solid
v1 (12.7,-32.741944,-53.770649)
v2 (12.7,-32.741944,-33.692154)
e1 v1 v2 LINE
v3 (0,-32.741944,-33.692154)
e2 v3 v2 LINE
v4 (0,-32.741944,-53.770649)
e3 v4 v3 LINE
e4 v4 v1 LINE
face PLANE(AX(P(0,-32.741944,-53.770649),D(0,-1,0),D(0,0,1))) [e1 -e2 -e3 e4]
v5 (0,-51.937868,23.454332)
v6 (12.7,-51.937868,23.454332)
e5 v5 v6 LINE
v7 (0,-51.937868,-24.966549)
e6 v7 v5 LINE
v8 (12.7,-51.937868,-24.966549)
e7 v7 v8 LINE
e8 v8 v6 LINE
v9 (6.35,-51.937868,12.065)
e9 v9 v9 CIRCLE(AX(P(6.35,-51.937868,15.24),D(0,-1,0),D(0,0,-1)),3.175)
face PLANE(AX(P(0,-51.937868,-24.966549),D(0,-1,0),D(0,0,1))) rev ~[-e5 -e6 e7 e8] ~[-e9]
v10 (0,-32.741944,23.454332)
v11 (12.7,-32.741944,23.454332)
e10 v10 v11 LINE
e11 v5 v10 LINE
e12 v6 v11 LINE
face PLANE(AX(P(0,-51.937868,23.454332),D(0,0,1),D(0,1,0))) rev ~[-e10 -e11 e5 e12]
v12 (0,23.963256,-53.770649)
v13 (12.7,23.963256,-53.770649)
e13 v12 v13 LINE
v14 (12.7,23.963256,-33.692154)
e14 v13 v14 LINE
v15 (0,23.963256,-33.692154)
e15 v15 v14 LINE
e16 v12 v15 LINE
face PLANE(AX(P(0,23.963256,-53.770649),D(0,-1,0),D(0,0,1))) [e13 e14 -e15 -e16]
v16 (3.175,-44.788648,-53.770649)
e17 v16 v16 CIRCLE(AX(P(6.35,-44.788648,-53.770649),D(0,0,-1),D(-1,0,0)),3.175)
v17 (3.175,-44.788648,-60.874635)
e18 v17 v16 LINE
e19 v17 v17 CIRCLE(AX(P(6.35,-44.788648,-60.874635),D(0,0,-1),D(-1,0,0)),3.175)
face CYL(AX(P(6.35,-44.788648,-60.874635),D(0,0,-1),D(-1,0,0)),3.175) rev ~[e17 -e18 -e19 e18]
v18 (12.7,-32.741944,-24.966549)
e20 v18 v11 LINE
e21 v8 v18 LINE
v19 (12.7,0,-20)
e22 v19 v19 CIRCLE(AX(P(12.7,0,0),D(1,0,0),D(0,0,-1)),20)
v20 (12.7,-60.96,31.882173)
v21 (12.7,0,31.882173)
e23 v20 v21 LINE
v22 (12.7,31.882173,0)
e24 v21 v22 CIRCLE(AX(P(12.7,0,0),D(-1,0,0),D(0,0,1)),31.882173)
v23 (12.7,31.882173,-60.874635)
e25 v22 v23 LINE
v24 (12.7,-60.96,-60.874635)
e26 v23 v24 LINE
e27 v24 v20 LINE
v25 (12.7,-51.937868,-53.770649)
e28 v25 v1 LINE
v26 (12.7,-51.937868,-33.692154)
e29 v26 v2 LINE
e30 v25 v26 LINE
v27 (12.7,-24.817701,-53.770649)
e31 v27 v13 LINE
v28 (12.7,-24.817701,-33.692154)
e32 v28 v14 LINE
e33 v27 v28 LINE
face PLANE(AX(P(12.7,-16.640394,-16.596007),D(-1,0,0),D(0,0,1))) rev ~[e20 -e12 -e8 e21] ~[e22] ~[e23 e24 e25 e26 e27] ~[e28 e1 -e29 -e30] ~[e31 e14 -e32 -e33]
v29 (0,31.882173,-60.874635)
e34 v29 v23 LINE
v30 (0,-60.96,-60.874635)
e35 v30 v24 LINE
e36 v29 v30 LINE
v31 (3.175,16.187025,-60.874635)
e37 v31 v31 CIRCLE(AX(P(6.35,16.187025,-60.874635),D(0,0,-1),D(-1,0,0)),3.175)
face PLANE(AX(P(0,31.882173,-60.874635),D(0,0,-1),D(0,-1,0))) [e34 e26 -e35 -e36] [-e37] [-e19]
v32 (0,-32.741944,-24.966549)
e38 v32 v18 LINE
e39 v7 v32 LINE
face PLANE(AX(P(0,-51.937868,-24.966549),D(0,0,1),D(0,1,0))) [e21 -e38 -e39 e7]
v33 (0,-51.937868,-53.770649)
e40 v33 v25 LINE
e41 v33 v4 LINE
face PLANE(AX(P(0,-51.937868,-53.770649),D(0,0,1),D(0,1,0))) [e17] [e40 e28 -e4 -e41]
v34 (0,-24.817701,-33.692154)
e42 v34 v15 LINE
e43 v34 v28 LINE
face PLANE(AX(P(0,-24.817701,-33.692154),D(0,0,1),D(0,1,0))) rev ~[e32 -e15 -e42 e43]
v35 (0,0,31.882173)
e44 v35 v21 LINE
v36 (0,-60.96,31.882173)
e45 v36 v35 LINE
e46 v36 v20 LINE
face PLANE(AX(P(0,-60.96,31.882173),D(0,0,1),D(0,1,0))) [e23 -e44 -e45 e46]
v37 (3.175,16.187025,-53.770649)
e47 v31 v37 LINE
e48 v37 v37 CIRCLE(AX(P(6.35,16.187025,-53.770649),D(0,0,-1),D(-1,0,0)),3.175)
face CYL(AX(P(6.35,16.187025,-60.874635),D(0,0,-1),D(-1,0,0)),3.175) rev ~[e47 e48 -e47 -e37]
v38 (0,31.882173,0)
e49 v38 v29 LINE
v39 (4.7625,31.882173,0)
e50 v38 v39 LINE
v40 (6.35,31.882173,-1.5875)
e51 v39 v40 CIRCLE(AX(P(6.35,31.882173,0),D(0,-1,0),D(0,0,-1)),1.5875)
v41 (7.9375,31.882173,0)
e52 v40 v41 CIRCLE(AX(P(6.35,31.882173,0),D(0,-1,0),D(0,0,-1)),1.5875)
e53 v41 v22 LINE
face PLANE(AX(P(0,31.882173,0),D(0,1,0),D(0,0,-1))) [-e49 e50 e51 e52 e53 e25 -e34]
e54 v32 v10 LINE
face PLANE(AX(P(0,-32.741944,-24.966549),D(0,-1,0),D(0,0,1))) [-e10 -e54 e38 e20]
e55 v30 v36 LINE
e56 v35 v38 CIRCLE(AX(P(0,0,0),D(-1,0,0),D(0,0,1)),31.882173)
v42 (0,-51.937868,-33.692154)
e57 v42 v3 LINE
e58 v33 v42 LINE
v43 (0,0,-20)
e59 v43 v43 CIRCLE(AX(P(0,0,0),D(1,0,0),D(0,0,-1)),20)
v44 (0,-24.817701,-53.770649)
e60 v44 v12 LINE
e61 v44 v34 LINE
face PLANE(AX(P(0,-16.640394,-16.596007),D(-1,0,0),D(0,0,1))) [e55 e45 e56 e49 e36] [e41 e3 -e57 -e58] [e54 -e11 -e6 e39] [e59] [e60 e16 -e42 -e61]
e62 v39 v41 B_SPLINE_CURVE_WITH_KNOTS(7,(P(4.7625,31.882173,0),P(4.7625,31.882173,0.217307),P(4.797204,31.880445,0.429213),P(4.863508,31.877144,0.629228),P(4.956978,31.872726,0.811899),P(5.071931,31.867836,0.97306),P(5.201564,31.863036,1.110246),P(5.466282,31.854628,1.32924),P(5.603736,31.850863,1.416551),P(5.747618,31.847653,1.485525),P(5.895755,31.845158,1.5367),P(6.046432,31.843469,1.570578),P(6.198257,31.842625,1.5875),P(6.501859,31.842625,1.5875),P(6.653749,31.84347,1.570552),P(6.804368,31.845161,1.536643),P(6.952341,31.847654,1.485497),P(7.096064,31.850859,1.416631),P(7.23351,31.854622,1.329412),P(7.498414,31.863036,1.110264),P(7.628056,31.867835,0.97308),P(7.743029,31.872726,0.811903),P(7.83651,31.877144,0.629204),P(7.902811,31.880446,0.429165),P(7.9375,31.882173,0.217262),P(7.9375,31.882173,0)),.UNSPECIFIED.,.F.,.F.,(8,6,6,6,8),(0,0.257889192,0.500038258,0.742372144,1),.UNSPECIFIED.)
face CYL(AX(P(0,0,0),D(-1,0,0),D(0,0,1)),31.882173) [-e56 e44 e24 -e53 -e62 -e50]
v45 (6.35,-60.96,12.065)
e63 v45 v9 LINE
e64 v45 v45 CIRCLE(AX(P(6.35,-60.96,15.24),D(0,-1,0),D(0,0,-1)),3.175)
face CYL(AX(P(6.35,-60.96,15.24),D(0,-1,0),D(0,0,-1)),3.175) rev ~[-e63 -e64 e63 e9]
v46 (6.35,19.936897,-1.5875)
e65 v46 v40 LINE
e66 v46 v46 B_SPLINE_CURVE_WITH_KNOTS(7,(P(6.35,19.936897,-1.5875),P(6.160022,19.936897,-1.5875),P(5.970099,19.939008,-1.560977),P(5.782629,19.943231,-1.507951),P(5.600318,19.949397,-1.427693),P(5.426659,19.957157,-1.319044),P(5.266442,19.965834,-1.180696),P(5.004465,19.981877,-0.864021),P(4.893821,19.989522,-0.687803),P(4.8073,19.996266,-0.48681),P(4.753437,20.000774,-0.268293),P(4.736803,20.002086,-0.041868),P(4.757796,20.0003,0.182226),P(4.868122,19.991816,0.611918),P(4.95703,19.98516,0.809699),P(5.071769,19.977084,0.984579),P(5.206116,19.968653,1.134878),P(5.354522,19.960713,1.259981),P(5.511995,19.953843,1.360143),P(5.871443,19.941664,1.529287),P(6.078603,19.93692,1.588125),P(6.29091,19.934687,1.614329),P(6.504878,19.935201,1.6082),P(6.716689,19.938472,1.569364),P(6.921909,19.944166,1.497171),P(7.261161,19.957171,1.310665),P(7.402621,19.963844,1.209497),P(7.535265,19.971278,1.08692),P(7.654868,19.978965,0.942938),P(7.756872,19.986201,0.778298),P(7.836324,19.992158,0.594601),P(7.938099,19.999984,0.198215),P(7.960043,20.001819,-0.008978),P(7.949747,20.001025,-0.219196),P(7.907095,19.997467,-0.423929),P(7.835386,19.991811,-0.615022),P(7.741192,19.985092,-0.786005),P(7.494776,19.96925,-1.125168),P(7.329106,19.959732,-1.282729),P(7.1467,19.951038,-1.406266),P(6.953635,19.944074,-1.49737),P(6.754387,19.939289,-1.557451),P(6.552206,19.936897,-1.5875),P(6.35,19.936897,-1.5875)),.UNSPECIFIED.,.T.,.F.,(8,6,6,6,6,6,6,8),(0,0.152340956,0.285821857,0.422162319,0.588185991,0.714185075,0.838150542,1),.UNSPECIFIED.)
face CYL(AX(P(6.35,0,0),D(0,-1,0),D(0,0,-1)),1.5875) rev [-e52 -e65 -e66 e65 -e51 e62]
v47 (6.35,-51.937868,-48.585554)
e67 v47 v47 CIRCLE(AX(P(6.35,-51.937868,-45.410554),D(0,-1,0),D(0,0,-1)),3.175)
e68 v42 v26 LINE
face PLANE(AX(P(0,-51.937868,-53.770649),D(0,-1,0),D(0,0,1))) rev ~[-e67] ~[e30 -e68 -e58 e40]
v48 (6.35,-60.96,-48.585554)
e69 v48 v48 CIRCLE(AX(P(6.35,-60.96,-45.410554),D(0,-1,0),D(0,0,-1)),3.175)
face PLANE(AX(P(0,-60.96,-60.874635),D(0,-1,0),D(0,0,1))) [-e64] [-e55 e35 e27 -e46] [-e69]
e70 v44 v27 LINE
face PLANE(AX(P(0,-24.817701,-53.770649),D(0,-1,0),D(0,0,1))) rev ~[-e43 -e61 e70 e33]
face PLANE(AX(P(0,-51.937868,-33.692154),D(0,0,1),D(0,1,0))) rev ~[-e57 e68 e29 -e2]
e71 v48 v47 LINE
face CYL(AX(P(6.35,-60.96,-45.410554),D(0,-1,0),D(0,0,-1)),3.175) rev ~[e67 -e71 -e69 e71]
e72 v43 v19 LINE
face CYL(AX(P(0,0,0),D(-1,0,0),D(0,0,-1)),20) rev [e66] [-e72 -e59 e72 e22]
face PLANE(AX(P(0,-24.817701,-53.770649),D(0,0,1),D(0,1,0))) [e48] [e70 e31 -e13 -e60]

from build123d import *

# Parameters (mm, degrees)
SKETCH1_R           = 20
BOSS_EXTRUDE1_DEPTH = 12.7
SKETCH2_R           = 1.5875
CUT_EXTRUDE1_DEPTH  = 88.081184849
SKETCH4_W           = 20.078494948
SKETCH4_H           = 48.78095735
SKETCH4_W_2         = 48.420880553
SKETCH4_H_2         = 19.195923741
CUT_EXTRUDE2_DEPTH  = 26.162
SKETCH5_R           = 3.175
CUT_EXTRUDE3_DEPTH  = 11.43
SKETCH6_R           = 3.175
CUT_EXTRUDE4_DEPTH  = 11.43


with BuildPart() as part:
    # Sketch1 → Boss-Extrude1 (new body)
    with BuildSketch(Plane(origin=(0, 0, 0), x_dir=(0, 0, -1), z_dir=(1, 0, 0))):
        with BuildLine():
            Line((0, 31.882172919), (31.882172919, 31.882172919))
            Line((31.882172919, 31.882172919), (60.87463474, 31.882172919))
            Line((60.87463474, 31.882172919), (60.87463474, -60.96))
            Line((60.87463474, -60.96), (-31.882172919, -60.96))
            Line((-31.882172919, -60.96), (-31.882172919, 0))
            ThreePointArc((-31.882172919, 0), (-22.54410067, 22.54410067), (0, 31.882172919))
        make_face()
        Circle(SKETCH1_R, mode=Mode.SUBTRACT)
    extrude(amount=BOSS_EXTRUDE1_DEPTH)

    # Sketch2 → Cut-Extrude1 (cut, through all)
    with BuildSketch(Plane(origin=(0, 0, 0), x_dir=(1, 0, 0), z_dir=(0, 1, 0))):
        with Locations(Location((6.35, 0, 0), (0, 0, 90))):
            Circle(SKETCH2_R)
    extrude(amount=CUT_EXTRUDE1_DEPTH, mode=Mode.SUBTRACT)

    # Sketch4 → Cut-Extrude2 (cut)
    with BuildSketch(Plane.ZY):
        with Locations((-43.731401429, -0.427222634)):
            Rectangle(SKETCH4_W, SKETCH4_H)
        with Locations((-0.75610861, -42.339905849)):
            Rectangle(SKETCH4_W_2, SKETCH4_H_2)
        with Locations((-43.731401429, -42.339905849)):
            Rectangle(SKETCH4_W, SKETCH4_H_2)
    extrude(amount=-CUT_EXTRUDE2_DEPTH, mode=Mode.SUBTRACT)

    # Sketch5 → Cut-Extrude3 (cut)
    with BuildSketch(Plane(origin=(0, 0, -60.87463474), x_dir=(-1, 0, 0), z_dir=(0, 0, -1))):
        with Locations((-6.35, 16.187024645)):
            Circle(SKETCH5_R)
        with Locations((-6.35, -44.788648077)):
            Circle(SKETCH5_R)
    extrude(amount=-CUT_EXTRUDE3_DEPTH, mode=Mode.SUBTRACT)

    # Sketch6 → Cut-Extrude4 (cut)
    with BuildSketch(Plane.XZ.offset(60.96)):
        with Locations(Location((6.35, 15.24, 0), (0, 0, 270))):
            Circle(SKETCH6_R)
        with Locations(Location((6.35, -45.41055385, 0), (0, 0, 270))):
            Circle(SKETCH6_R)
    extrude(amount=-CUT_EXTRUDE4_DEPTH, mode=Mode.SUBTRACT)


solid = part.part
